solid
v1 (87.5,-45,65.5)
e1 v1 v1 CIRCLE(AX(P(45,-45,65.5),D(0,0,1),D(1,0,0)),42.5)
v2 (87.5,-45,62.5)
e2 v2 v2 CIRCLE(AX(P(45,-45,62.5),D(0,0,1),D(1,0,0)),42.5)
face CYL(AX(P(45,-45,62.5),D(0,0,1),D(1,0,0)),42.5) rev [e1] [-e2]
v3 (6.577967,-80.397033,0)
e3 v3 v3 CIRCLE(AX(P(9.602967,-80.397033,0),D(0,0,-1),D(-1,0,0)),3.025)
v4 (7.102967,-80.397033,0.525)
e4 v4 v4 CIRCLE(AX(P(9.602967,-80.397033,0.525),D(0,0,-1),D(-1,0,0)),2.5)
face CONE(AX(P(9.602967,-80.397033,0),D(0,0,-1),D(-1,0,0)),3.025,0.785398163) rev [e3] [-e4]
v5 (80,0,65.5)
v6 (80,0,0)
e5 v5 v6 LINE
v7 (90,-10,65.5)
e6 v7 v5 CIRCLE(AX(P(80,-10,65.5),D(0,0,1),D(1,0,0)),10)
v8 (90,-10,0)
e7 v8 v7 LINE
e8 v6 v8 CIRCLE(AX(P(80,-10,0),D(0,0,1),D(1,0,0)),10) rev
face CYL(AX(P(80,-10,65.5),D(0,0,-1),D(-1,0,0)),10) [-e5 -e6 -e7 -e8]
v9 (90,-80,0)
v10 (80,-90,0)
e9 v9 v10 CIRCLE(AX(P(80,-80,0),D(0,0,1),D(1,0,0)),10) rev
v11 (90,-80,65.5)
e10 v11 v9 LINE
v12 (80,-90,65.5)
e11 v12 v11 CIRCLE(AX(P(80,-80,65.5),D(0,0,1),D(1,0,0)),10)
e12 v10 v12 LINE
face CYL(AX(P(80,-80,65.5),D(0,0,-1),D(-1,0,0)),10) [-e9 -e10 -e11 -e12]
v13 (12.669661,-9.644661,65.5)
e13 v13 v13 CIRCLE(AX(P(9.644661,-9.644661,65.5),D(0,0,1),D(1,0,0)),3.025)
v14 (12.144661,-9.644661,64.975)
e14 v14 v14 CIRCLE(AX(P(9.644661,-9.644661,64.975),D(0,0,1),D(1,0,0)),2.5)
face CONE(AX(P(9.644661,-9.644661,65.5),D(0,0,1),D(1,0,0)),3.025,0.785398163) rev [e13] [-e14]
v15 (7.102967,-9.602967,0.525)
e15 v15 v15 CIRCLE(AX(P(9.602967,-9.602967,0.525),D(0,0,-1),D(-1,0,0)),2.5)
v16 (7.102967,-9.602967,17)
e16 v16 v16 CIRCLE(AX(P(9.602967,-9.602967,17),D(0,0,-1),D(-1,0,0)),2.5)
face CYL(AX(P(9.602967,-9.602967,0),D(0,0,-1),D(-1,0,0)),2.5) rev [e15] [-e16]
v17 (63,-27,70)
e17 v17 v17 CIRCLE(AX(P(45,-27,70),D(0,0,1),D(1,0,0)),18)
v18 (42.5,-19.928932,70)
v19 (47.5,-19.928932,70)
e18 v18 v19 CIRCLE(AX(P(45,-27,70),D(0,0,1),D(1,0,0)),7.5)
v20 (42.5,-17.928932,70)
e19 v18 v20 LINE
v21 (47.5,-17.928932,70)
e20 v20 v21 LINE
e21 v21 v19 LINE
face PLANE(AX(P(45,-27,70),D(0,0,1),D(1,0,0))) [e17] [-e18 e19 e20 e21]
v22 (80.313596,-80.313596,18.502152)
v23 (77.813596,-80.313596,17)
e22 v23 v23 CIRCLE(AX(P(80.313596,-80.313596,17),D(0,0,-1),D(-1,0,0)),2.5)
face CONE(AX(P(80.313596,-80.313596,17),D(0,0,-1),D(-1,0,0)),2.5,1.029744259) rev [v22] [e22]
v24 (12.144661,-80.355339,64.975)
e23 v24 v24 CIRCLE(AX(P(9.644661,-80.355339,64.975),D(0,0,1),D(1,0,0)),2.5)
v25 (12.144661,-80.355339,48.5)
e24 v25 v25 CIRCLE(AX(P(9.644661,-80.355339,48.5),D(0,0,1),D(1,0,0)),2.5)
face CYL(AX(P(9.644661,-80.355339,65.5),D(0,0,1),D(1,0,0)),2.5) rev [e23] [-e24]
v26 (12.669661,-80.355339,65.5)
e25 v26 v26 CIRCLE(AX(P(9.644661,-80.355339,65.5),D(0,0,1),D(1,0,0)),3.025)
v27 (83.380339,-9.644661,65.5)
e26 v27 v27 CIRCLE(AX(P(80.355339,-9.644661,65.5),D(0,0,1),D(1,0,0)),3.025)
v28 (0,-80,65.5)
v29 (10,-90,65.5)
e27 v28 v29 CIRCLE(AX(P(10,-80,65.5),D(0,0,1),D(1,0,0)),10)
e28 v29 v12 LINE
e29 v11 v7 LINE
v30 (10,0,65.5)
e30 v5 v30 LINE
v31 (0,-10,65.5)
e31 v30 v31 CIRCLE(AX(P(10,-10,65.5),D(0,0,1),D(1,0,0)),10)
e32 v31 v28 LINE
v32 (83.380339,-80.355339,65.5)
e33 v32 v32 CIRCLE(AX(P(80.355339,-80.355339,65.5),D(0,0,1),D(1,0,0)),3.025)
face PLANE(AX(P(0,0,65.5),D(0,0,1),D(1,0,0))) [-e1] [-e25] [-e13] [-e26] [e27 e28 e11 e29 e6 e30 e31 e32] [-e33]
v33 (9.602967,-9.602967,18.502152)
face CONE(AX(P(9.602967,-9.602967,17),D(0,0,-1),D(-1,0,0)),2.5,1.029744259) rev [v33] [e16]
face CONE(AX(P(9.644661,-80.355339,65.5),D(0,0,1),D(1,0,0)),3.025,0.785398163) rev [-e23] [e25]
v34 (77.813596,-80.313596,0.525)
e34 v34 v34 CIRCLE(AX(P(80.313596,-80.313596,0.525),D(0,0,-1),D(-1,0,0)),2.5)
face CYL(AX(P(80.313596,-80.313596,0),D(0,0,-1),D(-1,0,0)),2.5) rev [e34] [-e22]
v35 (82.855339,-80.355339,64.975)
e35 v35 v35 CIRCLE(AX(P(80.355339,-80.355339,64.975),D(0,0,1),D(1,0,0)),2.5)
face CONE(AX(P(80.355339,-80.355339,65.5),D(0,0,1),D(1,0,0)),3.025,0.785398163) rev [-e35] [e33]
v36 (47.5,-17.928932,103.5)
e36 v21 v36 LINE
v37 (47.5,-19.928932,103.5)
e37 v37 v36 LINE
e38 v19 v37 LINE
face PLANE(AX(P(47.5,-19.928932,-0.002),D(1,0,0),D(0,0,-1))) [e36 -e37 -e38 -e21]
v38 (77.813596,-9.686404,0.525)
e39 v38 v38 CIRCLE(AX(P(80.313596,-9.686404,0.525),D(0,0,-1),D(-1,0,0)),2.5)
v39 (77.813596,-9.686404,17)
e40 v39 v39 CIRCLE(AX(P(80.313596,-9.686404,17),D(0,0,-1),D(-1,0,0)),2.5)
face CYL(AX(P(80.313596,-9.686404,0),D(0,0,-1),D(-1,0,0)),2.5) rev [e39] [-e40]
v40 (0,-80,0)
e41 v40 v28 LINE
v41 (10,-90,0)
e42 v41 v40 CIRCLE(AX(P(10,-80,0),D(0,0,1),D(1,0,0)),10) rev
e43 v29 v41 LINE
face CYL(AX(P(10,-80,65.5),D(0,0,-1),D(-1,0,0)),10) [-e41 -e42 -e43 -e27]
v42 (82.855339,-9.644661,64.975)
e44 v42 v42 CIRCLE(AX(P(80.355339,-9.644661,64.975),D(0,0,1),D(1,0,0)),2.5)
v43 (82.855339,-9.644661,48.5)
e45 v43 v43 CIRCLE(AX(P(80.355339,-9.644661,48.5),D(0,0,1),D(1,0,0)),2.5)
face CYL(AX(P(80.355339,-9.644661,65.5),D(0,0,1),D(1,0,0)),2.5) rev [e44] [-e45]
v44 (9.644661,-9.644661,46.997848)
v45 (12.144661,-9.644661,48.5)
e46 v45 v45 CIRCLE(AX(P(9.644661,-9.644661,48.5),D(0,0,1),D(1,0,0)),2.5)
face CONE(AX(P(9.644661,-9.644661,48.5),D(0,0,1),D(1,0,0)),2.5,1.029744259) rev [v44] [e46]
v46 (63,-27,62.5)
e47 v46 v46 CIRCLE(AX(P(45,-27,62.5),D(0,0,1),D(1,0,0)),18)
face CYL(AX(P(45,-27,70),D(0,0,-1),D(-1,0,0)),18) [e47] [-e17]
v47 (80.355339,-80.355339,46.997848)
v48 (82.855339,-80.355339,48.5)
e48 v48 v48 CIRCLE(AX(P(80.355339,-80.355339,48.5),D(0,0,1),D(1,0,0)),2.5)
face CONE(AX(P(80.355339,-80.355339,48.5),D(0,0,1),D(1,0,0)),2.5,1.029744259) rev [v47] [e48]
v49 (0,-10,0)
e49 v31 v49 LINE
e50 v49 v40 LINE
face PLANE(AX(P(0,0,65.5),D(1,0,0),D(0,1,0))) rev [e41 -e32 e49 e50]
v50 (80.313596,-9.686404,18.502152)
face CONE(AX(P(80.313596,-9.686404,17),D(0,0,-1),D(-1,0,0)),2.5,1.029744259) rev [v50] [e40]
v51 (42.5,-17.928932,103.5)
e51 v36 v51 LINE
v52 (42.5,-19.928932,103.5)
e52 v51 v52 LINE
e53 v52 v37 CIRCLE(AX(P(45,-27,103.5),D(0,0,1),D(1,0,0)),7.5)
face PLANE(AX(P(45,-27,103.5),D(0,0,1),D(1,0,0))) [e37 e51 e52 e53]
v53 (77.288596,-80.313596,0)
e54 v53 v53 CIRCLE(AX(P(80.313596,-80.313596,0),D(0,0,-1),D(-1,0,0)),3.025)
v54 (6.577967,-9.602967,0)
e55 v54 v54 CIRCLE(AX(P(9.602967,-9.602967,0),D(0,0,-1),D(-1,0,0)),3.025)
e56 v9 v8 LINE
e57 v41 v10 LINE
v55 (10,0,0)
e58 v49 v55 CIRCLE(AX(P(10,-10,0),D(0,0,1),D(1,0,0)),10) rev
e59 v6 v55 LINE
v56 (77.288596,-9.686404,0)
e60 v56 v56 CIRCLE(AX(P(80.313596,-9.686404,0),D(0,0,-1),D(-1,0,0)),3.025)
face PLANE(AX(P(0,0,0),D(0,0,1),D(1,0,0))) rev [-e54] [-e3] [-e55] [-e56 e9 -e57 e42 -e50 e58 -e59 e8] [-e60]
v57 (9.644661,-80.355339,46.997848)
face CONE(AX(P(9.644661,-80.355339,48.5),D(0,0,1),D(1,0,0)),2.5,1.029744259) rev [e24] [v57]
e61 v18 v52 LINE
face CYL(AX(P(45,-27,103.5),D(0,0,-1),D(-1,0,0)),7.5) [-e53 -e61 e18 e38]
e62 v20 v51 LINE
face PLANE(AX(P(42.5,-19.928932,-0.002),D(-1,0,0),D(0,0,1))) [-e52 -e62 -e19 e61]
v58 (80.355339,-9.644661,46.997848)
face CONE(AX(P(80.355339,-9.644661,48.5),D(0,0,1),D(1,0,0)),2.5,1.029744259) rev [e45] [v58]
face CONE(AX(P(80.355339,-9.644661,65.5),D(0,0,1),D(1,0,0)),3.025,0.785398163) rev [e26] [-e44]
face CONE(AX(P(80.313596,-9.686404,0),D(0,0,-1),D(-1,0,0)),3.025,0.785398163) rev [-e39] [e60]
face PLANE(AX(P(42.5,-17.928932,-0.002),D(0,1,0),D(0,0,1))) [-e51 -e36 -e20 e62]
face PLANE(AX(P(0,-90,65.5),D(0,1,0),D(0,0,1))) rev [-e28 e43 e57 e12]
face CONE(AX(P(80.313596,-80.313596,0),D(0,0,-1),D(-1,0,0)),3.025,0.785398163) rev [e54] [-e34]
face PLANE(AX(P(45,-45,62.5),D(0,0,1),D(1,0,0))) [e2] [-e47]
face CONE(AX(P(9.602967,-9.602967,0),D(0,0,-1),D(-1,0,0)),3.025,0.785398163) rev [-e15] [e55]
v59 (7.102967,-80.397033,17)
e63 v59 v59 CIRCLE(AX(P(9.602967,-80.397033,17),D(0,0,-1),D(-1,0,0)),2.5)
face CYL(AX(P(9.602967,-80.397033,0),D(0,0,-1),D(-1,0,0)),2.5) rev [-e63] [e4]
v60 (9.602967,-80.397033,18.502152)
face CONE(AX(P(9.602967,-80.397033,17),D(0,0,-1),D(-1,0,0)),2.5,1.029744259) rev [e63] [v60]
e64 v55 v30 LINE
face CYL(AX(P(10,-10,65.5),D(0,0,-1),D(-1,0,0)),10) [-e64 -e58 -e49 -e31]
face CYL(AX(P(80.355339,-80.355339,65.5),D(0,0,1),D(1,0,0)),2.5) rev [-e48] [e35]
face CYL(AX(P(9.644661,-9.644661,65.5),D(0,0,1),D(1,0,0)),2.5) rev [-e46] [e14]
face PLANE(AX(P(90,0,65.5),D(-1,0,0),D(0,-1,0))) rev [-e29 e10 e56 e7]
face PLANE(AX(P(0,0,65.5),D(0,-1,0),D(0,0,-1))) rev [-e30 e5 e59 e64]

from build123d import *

# Parameters (mm, degrees)
SKETCH_1_W                   = 90
SKETCH_1_H                   = 90
EXTRUDE_2_DEPTH              = 65.5
SKETCH_2_R                   = 42.5
CUT_EXTRUDE_1_DEPTH          = 3
SKETCH_3_R                   = 18
EXTRUDE_3_DEPTH              = 7.5
SKETCH_4_R                   = 7.5
EXTRUDE_4_DEPTH              = 33.5
EXTRUDE_5_REACH              = 166.05
HOLE_WIZARD_M6_1_D           = 5
HOLE_WIZARD_M6_1_DEPTH       = 17
HOLE_WIZARD_M6_1_CSINK_D     = 6.05
HOLE_WIZARD_M6_1_CSINK_ANGLE = 90
HOLE_WIZARD_M6_1_TIP         = 1.502151548
FILLET_1_R                   = 10
HOLE_WIZARD_M6_2_D           = 5
HOLE_WIZARD_M6_2_DEPTH       = 17
HOLE_WIZARD_M6_2_CSINK_D     = 6.05
HOLE_WIZARD_M6_2_CSINK_ANGLE = 90
HOLE_WIZARD_M6_2_TIP         = 1.502151548


with BuildPart() as part:
    # 草图1 → 凸台-拉伸2 (new body)
    with BuildSketch(Plane.XY):
        with Locations((45, -45)):
            Rectangle(SKETCH_1_W, SKETCH_1_H)
    extrude(amount=EXTRUDE_2_DEPTH)

    # 草图2 → 切除-拉伸1 (cut)
    with BuildSketch(Plane.XY.offset(65.5)):
        with Locations((45, -45)):
            Circle(SKETCH_2_R)
    extrude(amount=-CUT_EXTRUDE_1_DEPTH, mode=Mode.SUBTRACT)

    # 草图3 → 凸台-拉伸3 (add)
    with BuildSketch(Plane.XY.offset(62.5)):
        with Locations((45, -27)):
            Circle(SKETCH_3_R)
    extrude(amount=EXTRUDE_3_DEPTH)

    # 草图4 → 凸台-拉伸4 (add)
    with BuildSketch(Plane.XY.offset(70)):
        with Locations((45, -27)):
            Circle(SKETCH_4_R)
    extrude(amount=EXTRUDE_4_DEPTH)

    # 草图5 → 凸台-拉伸5 (add, up to next)
    with BuildSketch(Plane.XY.offset(103.5), mode=Mode.PRIVATE) as extrude_5_sk1:
        with BuildLine():
            Line((42.5, -19.928932188), (42.5, -17.928932188))
            Line((42.5, -17.928932188), (47.5, -17.928932188))
            Line((47.5, -17.928932188), (47.5, -19.928932188))
            ThreePointArc((47.5, -19.928932188), (45, -19.5), (42.5, -19.928932188))
        make_face()
    extrude_5_tool1 = extrude(extrude_5_sk1.sketch, amount=-EXTRUDE_5_REACH, mode=Mode.PRIVATE) - part.part
    add(extrude_5_tool1.solids().sort_by_distance((45, -18.789851, 103.5))[0])

    # M6 螺纹孔1
    with Locations(Plane.XY.offset(65.5)):
        with Locations((9.644660941, -9.644660941), (80.355339059, -9.644660941), (9.644660941, -80.355339059), (80.355339059, -80.355339059)):
            CounterSinkHole(HOLE_WIZARD_M6_1_D / 2, HOLE_WIZARD_M6_1_CSINK_D / 2, depth=HOLE_WIZARD_M6_1_DEPTH, counter_sink_angle=HOLE_WIZARD_M6_1_CSINK_ANGLE)
            with Locations((0, 0, -(HOLE_WIZARD_M6_1_DEPTH + HOLE_WIZARD_M6_1_TIP / 2))):  # 118° drill point
                Cone(0, HOLE_WIZARD_M6_1_D / 2, HOLE_WIZARD_M6_1_TIP, mode=Mode.SUBTRACT)

    # 圆角1
    fillet_1_edges = [part.edges().sort_by_distance(p)[0] for p in [
        (0, 0, 32.75),
        (90, 0, 32.75),
        (90, -90, 32.75),
        (0, -90, 32.75),
    ]]
    fillet(fillet_1_edges, radius=FILLET_1_R)

    # M6 螺纹孔2
    with Locations(Plane(origin=(0, 0, 0), x_dir=(-1, 0, 0), z_dir=(0, 0, -1))):
        with Locations((-9.602967378, -80.397032622), (-80.31359627, -9.68640373), (-9.602967378, -9.602967378), (-80.31359627, -80.31359627)):
            CounterSinkHole(HOLE_WIZARD_M6_2_D / 2, HOLE_WIZARD_M6_2_CSINK_D / 2, depth=HOLE_WIZARD_M6_2_DEPTH, counter_sink_angle=HOLE_WIZARD_M6_2_CSINK_ANGLE)
            with Locations((0, 0, -(HOLE_WIZARD_M6_2_DEPTH + HOLE_WIZARD_M6_2_TIP / 2))):  # 118° drill point
                Cone(0, HOLE_WIZARD_M6_2_D / 2, HOLE_WIZARD_M6_2_TIP, mode=Mode.SUBTRACT)


solid = part.part
